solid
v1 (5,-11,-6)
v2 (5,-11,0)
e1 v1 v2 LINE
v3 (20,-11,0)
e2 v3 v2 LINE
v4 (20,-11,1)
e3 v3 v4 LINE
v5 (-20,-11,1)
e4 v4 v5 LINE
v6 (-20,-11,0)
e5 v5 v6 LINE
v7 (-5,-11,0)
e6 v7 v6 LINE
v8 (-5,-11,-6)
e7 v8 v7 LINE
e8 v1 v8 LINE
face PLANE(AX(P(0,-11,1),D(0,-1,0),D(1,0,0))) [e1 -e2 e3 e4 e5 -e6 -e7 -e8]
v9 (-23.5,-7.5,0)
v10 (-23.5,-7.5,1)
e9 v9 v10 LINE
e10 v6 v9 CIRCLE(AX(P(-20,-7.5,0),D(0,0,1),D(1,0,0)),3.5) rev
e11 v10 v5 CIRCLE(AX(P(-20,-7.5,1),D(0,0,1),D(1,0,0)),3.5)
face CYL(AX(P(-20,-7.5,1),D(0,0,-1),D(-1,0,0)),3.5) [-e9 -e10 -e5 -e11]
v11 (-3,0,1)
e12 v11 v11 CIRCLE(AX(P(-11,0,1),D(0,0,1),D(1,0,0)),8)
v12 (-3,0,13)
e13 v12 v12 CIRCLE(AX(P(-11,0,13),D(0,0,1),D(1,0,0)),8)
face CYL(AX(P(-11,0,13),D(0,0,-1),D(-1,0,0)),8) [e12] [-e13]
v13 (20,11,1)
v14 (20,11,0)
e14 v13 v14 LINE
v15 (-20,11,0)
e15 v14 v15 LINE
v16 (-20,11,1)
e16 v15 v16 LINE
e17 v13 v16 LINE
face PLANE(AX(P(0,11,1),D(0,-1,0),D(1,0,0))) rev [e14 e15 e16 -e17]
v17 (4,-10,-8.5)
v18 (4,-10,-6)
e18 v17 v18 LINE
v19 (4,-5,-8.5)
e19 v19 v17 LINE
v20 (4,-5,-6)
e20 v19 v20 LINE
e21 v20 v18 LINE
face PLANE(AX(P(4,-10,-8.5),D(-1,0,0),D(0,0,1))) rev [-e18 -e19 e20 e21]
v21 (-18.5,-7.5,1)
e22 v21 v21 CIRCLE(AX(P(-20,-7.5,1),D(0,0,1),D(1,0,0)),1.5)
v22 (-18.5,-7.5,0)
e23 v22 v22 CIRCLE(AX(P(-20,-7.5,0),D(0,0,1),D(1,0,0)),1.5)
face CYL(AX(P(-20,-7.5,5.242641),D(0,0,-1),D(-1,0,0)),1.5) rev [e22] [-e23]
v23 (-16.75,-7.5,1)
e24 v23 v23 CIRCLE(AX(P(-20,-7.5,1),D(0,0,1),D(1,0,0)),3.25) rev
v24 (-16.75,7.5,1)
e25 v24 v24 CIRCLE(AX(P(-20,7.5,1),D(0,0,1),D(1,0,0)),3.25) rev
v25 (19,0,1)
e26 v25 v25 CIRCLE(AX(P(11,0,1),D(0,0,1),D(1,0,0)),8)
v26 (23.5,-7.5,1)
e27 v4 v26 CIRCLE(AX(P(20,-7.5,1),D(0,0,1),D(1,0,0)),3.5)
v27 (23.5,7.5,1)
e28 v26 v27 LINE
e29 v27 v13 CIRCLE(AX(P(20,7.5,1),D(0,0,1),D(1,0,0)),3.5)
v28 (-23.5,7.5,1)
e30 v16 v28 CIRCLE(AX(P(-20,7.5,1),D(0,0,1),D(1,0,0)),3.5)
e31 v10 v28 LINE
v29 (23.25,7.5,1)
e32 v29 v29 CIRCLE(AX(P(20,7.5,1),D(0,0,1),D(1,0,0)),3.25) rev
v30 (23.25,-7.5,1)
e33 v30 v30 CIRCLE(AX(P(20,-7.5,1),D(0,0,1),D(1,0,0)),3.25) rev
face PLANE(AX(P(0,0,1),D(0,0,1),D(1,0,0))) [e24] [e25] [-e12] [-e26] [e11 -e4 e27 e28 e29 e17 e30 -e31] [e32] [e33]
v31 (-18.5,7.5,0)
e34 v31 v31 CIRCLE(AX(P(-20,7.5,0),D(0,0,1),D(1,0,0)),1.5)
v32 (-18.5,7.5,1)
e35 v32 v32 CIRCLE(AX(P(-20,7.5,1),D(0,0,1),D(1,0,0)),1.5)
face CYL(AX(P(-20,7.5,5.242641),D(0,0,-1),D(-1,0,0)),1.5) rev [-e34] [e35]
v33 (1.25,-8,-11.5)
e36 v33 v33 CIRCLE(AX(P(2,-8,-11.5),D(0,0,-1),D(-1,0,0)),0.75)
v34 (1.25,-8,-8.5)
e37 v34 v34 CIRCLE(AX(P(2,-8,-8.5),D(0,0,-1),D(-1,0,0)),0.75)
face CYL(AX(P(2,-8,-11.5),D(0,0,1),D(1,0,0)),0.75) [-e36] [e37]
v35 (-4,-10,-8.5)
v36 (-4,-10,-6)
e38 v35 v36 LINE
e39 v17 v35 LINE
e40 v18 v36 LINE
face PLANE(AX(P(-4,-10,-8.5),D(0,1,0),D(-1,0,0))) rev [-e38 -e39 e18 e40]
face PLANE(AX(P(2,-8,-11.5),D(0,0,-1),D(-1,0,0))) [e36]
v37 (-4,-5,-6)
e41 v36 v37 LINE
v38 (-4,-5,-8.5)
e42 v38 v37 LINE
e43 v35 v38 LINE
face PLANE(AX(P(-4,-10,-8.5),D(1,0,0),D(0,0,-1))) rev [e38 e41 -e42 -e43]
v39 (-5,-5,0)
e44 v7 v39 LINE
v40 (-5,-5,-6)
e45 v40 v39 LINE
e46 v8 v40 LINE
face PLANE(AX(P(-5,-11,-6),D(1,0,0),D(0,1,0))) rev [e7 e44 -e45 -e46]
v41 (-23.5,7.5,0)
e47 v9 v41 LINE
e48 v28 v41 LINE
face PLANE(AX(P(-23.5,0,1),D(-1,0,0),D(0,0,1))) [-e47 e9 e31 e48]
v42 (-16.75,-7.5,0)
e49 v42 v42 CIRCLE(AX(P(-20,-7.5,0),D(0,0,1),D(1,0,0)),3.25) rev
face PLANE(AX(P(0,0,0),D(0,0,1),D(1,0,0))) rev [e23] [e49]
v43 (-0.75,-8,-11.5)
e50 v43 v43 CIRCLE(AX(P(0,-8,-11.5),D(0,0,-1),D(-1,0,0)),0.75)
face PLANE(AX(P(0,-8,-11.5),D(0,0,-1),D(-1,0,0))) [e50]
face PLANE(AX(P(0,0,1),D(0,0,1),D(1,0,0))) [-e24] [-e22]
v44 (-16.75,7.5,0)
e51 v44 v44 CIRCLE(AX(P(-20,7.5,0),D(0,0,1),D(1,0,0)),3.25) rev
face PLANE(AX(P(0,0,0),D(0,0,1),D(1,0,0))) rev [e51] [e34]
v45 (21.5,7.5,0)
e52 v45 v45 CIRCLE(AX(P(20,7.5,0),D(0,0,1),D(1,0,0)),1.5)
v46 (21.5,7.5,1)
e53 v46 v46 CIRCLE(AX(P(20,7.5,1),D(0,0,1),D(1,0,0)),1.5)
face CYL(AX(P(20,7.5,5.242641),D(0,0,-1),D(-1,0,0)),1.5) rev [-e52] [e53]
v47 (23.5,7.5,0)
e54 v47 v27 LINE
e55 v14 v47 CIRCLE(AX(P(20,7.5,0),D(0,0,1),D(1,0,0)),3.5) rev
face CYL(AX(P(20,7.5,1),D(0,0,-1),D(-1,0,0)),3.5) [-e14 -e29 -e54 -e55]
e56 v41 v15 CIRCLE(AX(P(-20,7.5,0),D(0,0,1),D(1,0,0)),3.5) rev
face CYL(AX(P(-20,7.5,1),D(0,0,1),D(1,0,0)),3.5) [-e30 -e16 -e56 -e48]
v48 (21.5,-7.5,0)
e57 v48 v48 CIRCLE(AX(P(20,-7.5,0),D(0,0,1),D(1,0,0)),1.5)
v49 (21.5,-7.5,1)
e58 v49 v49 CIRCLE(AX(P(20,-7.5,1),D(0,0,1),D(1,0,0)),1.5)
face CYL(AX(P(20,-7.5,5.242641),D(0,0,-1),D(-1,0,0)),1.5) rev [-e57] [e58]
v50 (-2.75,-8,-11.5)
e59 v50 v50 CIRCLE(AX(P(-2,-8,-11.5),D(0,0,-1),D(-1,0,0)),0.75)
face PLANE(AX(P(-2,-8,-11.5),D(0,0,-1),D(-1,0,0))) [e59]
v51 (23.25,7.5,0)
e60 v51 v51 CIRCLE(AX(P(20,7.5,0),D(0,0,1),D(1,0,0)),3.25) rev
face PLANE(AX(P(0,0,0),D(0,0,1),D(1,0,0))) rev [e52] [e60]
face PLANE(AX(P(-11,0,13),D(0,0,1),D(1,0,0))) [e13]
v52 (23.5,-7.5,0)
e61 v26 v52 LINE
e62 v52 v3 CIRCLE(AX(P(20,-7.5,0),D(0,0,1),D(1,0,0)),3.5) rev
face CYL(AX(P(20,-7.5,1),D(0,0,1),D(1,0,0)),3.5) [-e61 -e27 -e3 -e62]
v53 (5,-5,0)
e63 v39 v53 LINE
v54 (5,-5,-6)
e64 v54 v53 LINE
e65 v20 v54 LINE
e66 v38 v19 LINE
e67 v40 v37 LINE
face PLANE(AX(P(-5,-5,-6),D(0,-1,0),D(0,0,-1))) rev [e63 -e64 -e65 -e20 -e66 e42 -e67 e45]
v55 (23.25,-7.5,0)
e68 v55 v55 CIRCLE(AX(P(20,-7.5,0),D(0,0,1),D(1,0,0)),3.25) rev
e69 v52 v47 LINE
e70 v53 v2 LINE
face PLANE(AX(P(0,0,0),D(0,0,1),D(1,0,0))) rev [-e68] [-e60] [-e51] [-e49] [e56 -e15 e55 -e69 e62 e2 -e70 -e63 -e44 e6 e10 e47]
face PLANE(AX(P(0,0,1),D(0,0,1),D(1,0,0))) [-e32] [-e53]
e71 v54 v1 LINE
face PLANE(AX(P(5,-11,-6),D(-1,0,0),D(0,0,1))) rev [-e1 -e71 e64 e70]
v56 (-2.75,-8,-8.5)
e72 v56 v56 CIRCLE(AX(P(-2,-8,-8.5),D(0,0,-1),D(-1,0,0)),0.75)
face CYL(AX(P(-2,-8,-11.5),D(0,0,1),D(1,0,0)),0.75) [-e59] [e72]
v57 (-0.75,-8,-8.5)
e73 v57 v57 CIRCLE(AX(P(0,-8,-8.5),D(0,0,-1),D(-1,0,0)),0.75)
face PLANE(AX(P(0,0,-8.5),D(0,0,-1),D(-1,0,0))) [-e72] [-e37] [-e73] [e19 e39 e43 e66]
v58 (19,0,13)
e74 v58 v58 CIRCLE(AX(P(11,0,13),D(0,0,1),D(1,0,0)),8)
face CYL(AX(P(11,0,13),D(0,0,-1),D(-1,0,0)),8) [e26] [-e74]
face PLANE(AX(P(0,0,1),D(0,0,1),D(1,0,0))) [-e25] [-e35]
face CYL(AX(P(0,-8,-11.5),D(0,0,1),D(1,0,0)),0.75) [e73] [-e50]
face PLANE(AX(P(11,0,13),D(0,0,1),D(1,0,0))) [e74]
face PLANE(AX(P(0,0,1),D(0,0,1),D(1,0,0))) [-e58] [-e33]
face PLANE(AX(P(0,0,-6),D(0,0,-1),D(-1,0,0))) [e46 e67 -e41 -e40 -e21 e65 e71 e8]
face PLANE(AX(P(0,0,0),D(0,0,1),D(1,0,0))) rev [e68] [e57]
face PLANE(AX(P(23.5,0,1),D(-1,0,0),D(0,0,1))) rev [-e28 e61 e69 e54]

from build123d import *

# Parameters (mm, degrees)
SKETCH1_W           = 47
SKETCH1_H           = 22
SKETCH1_R           = 8
BOSS_EXTRUDE1_DEPTH = 1
BOSS_EXTRUDE2_START = 1
SKETCH1_3_R         = 8
BOSS_EXTRUDE2_DEPTH = 12
SKETCH2_3_R         = 1.5
CUT_EXTRUDE1_DEPTH  = 1
FILLET1_R           = 3.5
SKETCH3_W           = 10
SKETCH3_H           = 6
BOSS_EXTRUDE3_DEPTH = 6
SKETCH4_W           = 8
SKETCH4_H           = 5
BOSS_EXTRUDE4_DEPTH = 2.5
SKETCH5_R           = 0.75
BOSS_EXTRUDE5_DEPTH = 3


with BuildPart() as part:
    # Sketch1 → Boss-Extrude1 (new body)
    # profile 1 of 3: a face of its own
    with BuildSketch(Plane.XY):
        Rectangle(SKETCH1_W, SKETCH1_H)
        with Locations((-11, 0)):
            Circle(SKETCH1_R, mode=Mode.SUBTRACT)
        with Locations((11, 0)):
            Circle(SKETCH1_R, mode=Mode.SUBTRACT)
    # profile 2 of 3: a face of its own
    with BuildSketch(Plane.XY):
        with Locations((11, 0)):
            Circle(SKETCH1_R)
    # profile 3 of 3: a face of its own
    with BuildSketch(Plane.XY):
        with Locations((-11, 0)):
            Circle(SKETCH1_R)
    extrude(amount=BOSS_EXTRUDE1_DEPTH)

    # Sketch1<3> → Boss-Extrude2 (add)
    with BuildSketch(Plane.XY.offset(BOSS_EXTRUDE2_START)):
        with Locations((11, 0)):
            Circle(SKETCH1_3_R)
        with Locations((-11, 0)):
            Circle(SKETCH1_3_R)
    extrude(amount=BOSS_EXTRUDE2_DEPTH)

    # Sketch2<3> → Cut-Extrude1 (cut)
    with BuildSketch(Plane.XY):
        with Locations((20, 7.5)):
            Circle(SKETCH2_3_R)
        with Locations((-20, 7.5)):
            Circle(SKETCH2_3_R)
        with Locations((-20, -7.5)):
            Circle(SKETCH2_3_R)
        with Locations((20, -7.5)):
            Circle(SKETCH2_3_R)
    extrude(amount=CUT_EXTRUDE1_DEPTH, mode=Mode.SUBTRACT)

    # Fillet1
    fillet1_edges = [part.edges().sort_by_distance(p)[0] for p in [
        (-23.5, 11, 0.5),
        (23.5, 11, 0.5),
        (23.5, -11, 0.5),
        (-23.5, -11, 0.5),
    ]]
    fillet(fillet1_edges, radius=FILLET1_R)

    # Sketch3 → Boss-Extrude3 (add)
    with BuildSketch(Plane(origin=(0, 0, 0), x_dir=(-1, 0, 0), z_dir=(0, 0, -1))):
        with Locations((0, -8)):
            Rectangle(SKETCH3_W, SKETCH3_H)
    extrude(amount=BOSS_EXTRUDE3_DEPTH)

    # Sketch4 → Boss-Extrude4 (add)
    with BuildSketch(Plane(origin=(0, 0, -6), x_dir=(-1, 0, 0), z_dir=(0, 0, -1))):
        with Locations((0, -7.5)):
            Rectangle(SKETCH4_W, SKETCH4_H)
    extrude(amount=BOSS_EXTRUDE4_DEPTH)

    # Sketch5 → Boss-Extrude5 (add)
    with BuildSketch(Plane(origin=(0, 0, -8.5), x_dir=(-1, 0, 0), z_dir=(0, 0, -1))):
        with Locations((-2, -8)):
            Circle(SKETCH5_R)
        with Locations((0, -8)):
            Circle(SKETCH5_R)
        with Locations((2, -8)):
            Circle(SKETCH5_R)
    extrude(amount=BOSS_EXTRUDE5_DEPTH)


solid = part.part
